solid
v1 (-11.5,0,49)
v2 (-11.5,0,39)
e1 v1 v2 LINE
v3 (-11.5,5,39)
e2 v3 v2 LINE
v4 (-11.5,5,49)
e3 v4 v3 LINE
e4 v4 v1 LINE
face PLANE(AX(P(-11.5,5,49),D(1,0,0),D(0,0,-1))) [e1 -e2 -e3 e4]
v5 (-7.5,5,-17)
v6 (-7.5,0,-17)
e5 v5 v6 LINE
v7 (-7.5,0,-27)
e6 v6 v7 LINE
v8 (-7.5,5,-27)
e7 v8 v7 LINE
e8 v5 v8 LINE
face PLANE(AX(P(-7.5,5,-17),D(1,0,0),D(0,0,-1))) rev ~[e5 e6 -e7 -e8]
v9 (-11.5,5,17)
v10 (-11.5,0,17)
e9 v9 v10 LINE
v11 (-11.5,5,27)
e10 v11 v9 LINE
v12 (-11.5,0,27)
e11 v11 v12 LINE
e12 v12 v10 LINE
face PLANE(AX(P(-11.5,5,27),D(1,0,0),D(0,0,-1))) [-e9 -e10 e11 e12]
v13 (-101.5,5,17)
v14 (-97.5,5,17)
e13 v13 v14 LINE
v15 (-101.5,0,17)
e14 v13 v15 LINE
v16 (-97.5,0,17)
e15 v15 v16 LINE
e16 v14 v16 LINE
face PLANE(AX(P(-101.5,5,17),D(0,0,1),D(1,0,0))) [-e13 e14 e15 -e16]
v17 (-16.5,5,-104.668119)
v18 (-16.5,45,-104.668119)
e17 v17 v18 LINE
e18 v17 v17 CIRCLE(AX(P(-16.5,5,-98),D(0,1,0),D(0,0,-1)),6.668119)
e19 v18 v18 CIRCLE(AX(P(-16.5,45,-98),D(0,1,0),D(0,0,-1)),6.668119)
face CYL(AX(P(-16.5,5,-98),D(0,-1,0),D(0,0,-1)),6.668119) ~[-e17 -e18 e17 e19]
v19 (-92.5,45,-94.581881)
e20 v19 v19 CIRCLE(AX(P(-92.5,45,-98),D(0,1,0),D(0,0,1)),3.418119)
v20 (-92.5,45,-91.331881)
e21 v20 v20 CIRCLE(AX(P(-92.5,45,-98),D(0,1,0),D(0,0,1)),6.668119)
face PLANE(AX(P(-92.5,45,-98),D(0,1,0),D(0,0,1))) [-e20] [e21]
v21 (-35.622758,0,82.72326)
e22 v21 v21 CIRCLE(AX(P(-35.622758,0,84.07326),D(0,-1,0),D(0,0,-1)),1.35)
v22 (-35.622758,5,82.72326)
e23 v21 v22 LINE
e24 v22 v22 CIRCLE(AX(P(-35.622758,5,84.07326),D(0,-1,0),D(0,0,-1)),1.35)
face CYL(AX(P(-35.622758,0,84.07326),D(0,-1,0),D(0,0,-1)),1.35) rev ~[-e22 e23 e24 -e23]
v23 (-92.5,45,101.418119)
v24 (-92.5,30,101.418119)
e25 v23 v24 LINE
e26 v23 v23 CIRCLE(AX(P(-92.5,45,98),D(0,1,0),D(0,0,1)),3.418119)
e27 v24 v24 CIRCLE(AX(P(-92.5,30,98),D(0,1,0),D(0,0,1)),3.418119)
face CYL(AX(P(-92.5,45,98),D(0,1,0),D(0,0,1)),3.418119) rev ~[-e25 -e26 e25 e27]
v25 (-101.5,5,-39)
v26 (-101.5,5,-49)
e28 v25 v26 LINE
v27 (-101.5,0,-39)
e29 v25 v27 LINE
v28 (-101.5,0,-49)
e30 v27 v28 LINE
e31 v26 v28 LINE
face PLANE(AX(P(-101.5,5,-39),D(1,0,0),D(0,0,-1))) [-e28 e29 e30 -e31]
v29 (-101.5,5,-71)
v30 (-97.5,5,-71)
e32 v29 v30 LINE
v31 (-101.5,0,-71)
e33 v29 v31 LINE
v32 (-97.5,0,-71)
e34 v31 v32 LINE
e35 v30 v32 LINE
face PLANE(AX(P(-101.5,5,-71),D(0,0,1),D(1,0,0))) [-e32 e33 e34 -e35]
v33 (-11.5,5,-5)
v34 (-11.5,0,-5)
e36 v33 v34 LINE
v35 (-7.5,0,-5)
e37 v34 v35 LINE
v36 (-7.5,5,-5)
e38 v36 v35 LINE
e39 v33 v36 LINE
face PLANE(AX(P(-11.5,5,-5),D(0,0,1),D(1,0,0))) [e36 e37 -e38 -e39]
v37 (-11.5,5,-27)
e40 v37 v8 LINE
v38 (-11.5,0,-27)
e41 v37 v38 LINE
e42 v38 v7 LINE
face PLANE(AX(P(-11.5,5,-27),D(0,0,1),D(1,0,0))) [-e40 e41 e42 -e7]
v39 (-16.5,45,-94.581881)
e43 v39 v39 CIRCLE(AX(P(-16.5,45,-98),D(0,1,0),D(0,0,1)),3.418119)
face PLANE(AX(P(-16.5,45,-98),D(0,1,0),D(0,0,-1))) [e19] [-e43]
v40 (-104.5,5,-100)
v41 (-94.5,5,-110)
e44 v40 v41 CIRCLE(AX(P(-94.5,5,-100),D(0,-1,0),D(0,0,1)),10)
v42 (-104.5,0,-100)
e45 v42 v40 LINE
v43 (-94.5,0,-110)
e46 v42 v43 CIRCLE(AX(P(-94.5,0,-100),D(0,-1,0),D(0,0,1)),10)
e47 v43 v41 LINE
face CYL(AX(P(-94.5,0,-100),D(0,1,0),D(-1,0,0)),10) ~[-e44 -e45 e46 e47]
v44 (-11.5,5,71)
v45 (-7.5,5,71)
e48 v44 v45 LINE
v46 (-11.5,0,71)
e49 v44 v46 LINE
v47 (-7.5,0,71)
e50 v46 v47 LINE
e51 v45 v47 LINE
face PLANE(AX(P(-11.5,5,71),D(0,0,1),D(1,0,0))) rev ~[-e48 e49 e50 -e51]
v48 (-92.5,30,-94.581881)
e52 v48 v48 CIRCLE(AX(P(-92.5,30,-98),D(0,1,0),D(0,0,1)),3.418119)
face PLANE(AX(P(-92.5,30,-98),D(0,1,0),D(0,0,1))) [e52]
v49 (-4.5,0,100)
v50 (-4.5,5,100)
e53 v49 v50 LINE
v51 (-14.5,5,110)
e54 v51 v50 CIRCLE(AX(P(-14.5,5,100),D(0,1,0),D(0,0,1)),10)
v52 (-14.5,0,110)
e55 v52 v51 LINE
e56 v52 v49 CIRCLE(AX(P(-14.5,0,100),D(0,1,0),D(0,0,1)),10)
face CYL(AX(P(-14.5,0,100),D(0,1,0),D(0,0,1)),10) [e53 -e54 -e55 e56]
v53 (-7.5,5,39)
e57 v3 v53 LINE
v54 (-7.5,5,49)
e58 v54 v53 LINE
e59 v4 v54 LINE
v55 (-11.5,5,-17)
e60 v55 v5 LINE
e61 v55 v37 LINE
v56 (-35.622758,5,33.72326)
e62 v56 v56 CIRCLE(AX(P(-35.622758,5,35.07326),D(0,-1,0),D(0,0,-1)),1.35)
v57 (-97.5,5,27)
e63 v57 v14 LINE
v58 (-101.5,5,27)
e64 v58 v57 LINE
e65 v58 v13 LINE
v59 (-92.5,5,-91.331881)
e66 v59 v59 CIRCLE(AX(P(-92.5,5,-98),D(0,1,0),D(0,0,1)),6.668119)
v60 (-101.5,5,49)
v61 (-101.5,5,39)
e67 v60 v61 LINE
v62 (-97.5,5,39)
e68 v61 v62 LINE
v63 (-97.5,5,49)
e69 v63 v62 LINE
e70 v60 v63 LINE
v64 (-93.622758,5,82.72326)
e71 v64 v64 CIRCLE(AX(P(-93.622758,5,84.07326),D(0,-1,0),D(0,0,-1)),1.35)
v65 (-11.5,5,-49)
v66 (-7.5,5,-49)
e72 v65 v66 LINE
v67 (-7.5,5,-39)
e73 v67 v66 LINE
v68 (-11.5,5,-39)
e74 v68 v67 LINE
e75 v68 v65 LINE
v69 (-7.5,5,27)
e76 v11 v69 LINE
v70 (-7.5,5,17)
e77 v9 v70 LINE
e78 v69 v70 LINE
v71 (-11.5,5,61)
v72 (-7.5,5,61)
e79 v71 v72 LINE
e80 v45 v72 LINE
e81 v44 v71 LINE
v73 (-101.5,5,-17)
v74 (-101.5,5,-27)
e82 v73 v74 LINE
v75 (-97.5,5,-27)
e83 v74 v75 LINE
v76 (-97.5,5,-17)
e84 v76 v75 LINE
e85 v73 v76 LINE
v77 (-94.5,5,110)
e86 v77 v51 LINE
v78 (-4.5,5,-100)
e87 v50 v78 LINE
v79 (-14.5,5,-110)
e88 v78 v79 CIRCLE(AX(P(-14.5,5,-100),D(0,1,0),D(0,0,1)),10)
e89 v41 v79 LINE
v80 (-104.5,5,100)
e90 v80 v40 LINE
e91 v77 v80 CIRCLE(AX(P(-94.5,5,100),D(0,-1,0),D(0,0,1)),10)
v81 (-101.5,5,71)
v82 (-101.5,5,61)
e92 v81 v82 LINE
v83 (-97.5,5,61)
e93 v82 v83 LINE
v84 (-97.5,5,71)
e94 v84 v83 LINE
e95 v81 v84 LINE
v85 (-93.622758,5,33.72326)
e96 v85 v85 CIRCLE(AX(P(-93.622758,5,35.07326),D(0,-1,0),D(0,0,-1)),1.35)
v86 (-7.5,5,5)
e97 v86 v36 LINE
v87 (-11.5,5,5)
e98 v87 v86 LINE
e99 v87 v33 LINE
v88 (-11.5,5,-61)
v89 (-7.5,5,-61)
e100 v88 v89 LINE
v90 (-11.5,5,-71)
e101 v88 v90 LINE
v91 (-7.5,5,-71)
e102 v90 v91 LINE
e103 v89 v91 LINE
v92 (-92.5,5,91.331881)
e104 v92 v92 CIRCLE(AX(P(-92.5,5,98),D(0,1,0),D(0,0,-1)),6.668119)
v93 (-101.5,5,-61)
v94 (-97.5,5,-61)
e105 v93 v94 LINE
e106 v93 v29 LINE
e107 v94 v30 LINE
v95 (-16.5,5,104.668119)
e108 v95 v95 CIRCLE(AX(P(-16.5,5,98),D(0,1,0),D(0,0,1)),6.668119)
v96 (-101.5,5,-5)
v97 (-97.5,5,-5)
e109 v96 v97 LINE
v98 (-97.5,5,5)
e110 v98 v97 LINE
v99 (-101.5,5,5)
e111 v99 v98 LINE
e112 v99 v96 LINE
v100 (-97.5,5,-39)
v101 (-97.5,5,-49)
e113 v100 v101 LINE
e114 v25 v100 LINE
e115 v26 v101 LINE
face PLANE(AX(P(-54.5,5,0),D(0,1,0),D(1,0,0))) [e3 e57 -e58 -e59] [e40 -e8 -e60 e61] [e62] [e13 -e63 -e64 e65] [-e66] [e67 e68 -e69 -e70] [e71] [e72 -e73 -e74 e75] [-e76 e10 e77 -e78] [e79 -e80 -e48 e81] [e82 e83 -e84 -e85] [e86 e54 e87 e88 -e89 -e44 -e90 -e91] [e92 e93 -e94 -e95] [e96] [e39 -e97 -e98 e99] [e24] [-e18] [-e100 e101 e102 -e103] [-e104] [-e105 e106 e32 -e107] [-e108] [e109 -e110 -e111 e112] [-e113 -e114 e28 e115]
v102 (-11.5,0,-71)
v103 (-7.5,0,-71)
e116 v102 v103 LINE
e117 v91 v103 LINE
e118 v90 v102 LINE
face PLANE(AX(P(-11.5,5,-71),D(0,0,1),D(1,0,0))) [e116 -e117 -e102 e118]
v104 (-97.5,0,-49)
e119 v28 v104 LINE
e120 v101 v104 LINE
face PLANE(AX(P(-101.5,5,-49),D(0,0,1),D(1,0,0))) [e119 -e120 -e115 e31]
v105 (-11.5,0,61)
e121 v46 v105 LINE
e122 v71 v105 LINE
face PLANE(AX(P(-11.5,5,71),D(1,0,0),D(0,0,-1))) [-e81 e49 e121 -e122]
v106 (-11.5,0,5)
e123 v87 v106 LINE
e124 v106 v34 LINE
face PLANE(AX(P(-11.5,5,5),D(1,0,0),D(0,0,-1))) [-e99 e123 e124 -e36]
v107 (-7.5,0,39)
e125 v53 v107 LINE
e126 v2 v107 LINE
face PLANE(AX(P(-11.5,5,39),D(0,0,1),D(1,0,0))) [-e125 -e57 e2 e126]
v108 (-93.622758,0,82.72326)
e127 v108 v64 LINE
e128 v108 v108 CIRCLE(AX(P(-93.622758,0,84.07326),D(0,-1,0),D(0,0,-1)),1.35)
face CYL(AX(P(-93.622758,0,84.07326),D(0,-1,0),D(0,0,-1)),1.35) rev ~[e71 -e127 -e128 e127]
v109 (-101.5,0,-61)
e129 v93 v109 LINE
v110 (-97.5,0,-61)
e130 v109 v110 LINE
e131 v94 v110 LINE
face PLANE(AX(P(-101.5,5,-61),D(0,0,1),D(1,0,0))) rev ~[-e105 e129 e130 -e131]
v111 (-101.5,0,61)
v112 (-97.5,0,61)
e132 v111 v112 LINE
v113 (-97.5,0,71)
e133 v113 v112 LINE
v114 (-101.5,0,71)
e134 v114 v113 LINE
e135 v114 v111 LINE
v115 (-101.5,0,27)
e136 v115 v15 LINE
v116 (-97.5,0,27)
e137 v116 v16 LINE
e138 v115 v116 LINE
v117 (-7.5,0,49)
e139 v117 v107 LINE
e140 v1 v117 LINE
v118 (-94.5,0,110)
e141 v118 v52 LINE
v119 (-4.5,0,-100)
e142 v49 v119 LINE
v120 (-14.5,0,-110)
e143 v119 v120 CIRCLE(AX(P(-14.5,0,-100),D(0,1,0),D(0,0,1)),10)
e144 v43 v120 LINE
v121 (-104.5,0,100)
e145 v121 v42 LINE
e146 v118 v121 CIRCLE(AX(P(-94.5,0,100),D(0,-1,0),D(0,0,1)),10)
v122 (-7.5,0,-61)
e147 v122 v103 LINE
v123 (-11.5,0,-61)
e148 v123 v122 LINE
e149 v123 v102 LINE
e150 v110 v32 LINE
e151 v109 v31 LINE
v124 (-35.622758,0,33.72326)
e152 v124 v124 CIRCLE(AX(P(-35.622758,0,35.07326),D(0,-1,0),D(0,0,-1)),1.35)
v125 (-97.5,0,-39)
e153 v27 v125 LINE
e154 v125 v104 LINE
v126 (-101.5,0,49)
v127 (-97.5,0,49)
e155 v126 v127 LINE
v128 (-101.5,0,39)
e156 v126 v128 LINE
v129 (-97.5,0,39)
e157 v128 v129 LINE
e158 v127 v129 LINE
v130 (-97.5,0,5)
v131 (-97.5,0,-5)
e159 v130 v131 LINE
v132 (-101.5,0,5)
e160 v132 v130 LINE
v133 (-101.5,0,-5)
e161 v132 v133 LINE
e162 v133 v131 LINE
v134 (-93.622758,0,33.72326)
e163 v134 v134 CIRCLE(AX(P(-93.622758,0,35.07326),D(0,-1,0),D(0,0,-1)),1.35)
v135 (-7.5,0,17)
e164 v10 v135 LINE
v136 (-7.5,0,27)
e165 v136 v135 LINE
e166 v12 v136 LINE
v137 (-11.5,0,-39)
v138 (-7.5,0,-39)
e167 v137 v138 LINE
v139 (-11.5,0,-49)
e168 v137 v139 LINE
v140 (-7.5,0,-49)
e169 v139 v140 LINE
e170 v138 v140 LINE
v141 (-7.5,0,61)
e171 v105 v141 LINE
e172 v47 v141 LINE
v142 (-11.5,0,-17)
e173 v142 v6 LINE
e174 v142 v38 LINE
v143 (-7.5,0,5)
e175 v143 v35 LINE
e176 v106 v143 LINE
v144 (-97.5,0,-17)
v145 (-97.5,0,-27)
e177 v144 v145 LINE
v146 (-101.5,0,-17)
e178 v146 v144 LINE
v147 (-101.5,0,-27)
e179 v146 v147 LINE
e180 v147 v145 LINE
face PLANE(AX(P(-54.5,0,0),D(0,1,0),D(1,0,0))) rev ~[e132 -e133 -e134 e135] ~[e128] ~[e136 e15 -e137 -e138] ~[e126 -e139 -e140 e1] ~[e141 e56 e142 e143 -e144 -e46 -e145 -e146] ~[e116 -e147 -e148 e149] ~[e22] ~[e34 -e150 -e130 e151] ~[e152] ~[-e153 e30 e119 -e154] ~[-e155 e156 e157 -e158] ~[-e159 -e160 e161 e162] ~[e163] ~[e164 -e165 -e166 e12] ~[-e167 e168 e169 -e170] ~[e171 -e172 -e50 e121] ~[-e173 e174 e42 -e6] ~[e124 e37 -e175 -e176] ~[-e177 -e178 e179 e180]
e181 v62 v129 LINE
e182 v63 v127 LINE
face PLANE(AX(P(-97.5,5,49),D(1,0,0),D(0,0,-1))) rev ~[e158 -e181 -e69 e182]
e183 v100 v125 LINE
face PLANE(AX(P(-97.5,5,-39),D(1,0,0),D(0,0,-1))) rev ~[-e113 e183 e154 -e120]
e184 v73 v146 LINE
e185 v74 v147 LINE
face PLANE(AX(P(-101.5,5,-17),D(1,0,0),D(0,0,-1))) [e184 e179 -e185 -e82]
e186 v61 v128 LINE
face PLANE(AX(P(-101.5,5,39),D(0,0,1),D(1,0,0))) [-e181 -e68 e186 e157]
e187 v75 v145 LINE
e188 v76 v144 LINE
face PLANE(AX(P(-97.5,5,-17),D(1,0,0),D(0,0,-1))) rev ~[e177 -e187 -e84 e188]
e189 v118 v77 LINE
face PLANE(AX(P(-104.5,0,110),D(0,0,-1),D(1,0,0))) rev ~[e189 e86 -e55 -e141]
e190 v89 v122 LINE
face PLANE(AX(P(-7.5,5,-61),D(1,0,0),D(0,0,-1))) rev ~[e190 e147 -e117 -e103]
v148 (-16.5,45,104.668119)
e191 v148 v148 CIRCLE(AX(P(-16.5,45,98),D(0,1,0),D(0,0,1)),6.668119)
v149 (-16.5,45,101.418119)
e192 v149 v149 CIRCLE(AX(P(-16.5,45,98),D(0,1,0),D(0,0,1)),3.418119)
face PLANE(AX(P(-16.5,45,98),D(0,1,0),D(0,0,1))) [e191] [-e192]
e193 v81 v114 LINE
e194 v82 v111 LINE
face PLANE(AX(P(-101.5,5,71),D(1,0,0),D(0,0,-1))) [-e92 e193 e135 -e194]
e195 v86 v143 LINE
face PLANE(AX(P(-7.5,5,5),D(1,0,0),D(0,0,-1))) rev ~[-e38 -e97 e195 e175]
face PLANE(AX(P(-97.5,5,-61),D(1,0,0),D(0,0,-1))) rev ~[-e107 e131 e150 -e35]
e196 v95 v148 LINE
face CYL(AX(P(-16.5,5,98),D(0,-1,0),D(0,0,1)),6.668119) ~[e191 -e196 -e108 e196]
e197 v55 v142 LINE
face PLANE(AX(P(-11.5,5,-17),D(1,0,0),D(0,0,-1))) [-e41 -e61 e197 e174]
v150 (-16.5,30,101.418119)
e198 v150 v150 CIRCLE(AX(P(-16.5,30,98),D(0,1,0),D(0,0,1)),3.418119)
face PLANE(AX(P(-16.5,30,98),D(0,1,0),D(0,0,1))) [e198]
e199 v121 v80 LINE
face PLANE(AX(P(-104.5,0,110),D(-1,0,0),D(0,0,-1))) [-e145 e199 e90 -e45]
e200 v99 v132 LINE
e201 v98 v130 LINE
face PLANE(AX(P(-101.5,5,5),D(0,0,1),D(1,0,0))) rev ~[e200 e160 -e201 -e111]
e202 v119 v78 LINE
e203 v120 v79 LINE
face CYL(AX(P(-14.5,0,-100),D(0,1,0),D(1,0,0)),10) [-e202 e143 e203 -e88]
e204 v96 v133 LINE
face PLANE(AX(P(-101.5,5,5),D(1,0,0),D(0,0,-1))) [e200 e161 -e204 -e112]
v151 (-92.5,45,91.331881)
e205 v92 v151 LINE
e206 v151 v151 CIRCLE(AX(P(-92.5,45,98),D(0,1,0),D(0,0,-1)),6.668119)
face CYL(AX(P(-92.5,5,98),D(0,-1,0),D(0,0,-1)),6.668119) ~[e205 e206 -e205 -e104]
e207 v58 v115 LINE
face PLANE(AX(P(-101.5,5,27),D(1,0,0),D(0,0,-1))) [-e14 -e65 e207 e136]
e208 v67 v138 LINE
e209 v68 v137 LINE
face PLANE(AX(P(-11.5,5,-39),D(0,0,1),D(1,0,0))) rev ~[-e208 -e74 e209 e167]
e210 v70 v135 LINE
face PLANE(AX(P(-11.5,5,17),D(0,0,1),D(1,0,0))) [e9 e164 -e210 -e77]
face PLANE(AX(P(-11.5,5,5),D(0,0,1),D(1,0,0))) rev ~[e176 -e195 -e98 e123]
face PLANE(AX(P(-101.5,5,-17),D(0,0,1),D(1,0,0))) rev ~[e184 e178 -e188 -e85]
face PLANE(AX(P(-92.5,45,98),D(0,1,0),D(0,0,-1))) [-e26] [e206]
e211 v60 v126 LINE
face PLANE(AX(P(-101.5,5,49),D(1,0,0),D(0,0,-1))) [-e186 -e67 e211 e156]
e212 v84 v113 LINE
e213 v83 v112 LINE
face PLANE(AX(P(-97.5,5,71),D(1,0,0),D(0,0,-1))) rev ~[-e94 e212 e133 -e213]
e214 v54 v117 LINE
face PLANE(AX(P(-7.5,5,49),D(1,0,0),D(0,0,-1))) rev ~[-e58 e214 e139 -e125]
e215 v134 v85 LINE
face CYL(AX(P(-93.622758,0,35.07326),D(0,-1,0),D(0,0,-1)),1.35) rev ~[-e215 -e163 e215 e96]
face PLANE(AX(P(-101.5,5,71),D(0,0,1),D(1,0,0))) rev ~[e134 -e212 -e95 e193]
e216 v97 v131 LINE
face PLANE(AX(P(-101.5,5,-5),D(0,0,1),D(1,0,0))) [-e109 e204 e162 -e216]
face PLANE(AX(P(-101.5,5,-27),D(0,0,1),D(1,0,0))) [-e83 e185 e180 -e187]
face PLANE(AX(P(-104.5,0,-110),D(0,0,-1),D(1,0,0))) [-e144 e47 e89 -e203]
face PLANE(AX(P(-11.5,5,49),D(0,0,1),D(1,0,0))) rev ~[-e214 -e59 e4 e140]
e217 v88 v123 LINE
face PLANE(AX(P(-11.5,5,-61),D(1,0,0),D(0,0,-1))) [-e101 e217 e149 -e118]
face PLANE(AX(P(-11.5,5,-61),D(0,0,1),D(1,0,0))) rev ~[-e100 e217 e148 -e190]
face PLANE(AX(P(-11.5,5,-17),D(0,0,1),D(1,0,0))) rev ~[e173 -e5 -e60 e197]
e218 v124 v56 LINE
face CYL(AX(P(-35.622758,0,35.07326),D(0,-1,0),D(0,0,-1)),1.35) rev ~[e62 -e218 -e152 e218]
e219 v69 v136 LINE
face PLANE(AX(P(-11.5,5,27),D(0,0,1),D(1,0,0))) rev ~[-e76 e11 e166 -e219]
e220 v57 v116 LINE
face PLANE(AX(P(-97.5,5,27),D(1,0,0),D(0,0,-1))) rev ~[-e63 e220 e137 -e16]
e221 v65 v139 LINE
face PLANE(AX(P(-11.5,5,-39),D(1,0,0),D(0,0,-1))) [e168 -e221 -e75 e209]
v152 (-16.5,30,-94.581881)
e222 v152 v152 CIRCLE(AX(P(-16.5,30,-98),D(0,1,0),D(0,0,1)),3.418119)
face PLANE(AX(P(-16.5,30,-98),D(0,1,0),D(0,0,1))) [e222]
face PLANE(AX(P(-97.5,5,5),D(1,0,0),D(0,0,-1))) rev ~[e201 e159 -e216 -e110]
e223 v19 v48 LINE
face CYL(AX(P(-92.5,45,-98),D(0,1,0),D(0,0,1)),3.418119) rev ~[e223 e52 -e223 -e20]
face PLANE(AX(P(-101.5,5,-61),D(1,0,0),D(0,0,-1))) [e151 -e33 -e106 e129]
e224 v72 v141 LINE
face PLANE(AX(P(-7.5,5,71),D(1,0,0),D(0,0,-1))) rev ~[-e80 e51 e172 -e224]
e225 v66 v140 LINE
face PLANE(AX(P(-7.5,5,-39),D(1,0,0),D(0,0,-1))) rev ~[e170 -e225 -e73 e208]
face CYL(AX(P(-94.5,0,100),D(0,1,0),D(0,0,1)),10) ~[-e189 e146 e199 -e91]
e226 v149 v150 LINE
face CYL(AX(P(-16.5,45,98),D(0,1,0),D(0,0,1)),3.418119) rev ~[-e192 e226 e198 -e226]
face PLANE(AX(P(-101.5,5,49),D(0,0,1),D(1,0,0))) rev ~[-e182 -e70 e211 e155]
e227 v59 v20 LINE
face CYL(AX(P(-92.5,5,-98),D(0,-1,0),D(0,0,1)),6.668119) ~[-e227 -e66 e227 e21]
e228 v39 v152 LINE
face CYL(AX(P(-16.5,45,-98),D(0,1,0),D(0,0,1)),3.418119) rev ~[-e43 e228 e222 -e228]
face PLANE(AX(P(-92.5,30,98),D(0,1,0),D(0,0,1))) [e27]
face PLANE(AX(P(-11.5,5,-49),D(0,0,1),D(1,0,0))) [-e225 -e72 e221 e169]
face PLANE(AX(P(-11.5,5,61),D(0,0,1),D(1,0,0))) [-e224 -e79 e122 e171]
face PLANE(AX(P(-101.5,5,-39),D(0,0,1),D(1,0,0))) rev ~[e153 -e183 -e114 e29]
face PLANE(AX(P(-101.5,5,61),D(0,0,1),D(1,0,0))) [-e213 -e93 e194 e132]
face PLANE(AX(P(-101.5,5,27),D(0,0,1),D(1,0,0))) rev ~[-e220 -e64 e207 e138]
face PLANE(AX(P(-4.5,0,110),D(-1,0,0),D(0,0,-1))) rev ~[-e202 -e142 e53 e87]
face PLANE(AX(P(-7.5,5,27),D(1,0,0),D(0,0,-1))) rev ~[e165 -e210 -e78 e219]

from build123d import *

# Parameters (mm, degrees)
SKETCH1_W           = 100
SKETCH1_H           = 220
BOSS_EXTRUDE1_DEPTH = 5
FILLET1_R           = 10
FILLET2_R           = 10
FILLET3_R           = 10
FILLET4_R           = 10
SKETCH2_R           = 6.668119003
BOSS_EXTRUDE2_DEPTH = 40
SKETCH4_R           = 3.418119003
CUT_EXTRUDE1_DEPTH  = 15
SKETCH5_R           = 3.418119003
CUT_EXTRUDE2_DEPTH  = 15
SKETCH6_R           = 3.418119003
CUT_EXTRUDE3_DEPTH  = 15
SKETCH7_R           = 3.418119003
CUT_EXTRUDE4_DEPTH  = 15
SKETCH8_W           = 4
SKETCH8_H           = 10
CUT_EXTRUDE5_DEPTH  = 157.908412776
SKETCH9_R           = 1.35
CUT_EXTRUDE7_DEPTH  = 159.256911381


with BuildPart() as part:
    # Sketch1 → Boss-Extrude1 (new body)
    with BuildSketch(Plane(origin=(0, 0, 0), x_dir=(1, 0, 0), z_dir=(0, 1, 0))):
        with Locations((-54.5, 0)):
            Rectangle(SKETCH1_W, SKETCH1_H)
    extrude(amount=BOSS_EXTRUDE1_DEPTH)

    # Fillet1
    fillet1_edges = [part.edges().sort_by_distance(p)[0] for p in [
        (-4.5, 2.5, 110),
    ]]
    fillet(fillet1_edges, radius=FILLET1_R)

    # Fillet2
    fillet2_edges = [part.edges().sort_by_distance(p)[0] for p in [
        (-4.5, 2.5, -110),
    ]]
    fillet(fillet2_edges, radius=FILLET2_R)

    # Fillet3
    fillet3_edges = [part.edges().sort_by_distance(p)[0] for p in [
        (-104.5, 2.5, 110),
    ]]
    fillet(fillet3_edges, radius=FILLET3_R)

    # Fillet4
    fillet4_edges = [part.edges().sort_by_distance(p)[0] for p in [
        (-104.5, 2.5, -110),
    ]]
    fillet(fillet4_edges, radius=FILLET4_R)

    # Sketch2 → Boss-Extrude2 (add)
    with BuildSketch(Plane(origin=(0, 5, 0), x_dir=(1, 0, 0), z_dir=(0, 1, 0))):
        with Locations(Location((-92.5, 98, 0), (0, 0, 270))):
            Circle(SKETCH2_R)
        with Locations(Location((-92.5, -98, 0), (0, 0, 90))):
            Circle(SKETCH2_R)
        with Locations(Location((-16.5, 98, 0), (0, 0, 90))):
            Circle(SKETCH2_R)
        with Locations(Location((-16.5, -98, 0), (0, 0, 270))):
            Circle(SKETCH2_R)
    extrude(amount=BOSS_EXTRUDE2_DEPTH)

    # Sketch4 → Cut-Extrude1 (cut)
    with BuildSketch(Plane(origin=(0, 45, 0), x_dir=(1, 0, 0), z_dir=(0, 1, 0))):
        with Locations(Location((-92.5, 98, 0), (0, 0, 270))):
            Circle(SKETCH4_R)
    extrude(amount=-CUT_EXTRUDE1_DEPTH, mode=Mode.SUBTRACT)

    # Sketch5 → Cut-Extrude2 (cut)
    with BuildSketch(Plane(origin=(0, 45, 0), x_dir=(1, 0, 0), z_dir=(0, 1, 0))):
        with Locations(Location((-92.5, -98, 0), (0, 0, 270))):
            Circle(SKETCH5_R)
    extrude(amount=-CUT_EXTRUDE2_DEPTH, mode=Mode.SUBTRACT)

    # Sketch6 → Cut-Extrude3 (cut)
    with BuildSketch(Plane(origin=(0, 45, 0), x_dir=(1, 0, 0), z_dir=(0, 1, 0))):
        with Locations(Location((-16.5, 98, 0), (0, 0, 270))):
            Circle(SKETCH6_R)
    extrude(amount=-CUT_EXTRUDE3_DEPTH, mode=Mode.SUBTRACT)

    # Sketch7 → Cut-Extrude4 (cut)
    with BuildSketch(Plane(origin=(0, 45, 0), x_dir=(1, 0, 0), z_dir=(0, 1, 0))):
        with Locations(Location((-16.5, -98, 0), (0, 0, 270))):
            Circle(SKETCH7_R)
    extrude(amount=-CUT_EXTRUDE4_DEPTH, mode=Mode.SUBTRACT)

    # Sketch8 → Cut-Extrude5 (cut, through all)
    with BuildSketch(Plane(origin=(0, 5, 0), x_dir=(1, 0, 0), z_dir=(0, 1, 0))):
        with Locations((-99.5, 66)):
            Rectangle(SKETCH8_W, SKETCH8_H)
        with Locations((-99.5, 44)):
            Rectangle(SKETCH8_W, SKETCH8_H)
        with Locations((-99.5, 22)):
            Rectangle(SKETCH8_W, SKETCH8_H)
        with Locations((-99.5, 0)):
            Rectangle(SKETCH8_W, SKETCH8_H)
        with Locations((-9.5, -66)):
            Rectangle(SKETCH8_W, SKETCH8_H)
        with Locations((-9.5, -44)):
            Rectangle(SKETCH8_W, SKETCH8_H)
        with Locations((-99.5, -22)):
            Rectangle(SKETCH8_W, SKETCH8_H)
        with Locations((-99.5, -44)):
            Rectangle(SKETCH8_W, SKETCH8_H)
        with Locations((-99.5, -66)):
            Rectangle(SKETCH8_W, SKETCH8_H)
        with Locations((-9.5, -22)):
            Rectangle(SKETCH8_W, SKETCH8_H)
        with Locations((-9.5, 0)):
            Rectangle(SKETCH8_W, SKETCH8_H)
        with Locations((-9.5, 22)):
            Rectangle(SKETCH8_W, SKETCH8_H)
        with Locations((-9.5, 44)):
            Rectangle(SKETCH8_W, SKETCH8_H)
        with Locations((-9.5, 66)):
            Rectangle(SKETCH8_W, SKETCH8_H)
    extrude(amount=-CUT_EXTRUDE5_DEPTH, mode=Mode.SUBTRACT)

    # Sketch9 → Cut-Extrude7 (cut, through all)
    with BuildSketch(Plane.XZ):
        with Locations(Location((-93.622758359, 35.073260268, 0), (0, 0, 270))):
            Circle(SKETCH9_R)
        with Locations(Location((-35.622758359, 35.073260268, 0), (0, 0, 270))):
            Circle(SKETCH9_R)
        with Locations(Location((-35.622758359, 84.073260268, 0), (0, 0, 270))):
            Circle(SKETCH9_R)
        with Locations(Location((-93.622758359, 84.073260268, 0), (0, 0, 270))):
            Circle(SKETCH9_R)
    extrude(amount=-CUT_EXTRUDE7_DEPTH, mode=Mode.SUBTRACT)


solid = part.part
